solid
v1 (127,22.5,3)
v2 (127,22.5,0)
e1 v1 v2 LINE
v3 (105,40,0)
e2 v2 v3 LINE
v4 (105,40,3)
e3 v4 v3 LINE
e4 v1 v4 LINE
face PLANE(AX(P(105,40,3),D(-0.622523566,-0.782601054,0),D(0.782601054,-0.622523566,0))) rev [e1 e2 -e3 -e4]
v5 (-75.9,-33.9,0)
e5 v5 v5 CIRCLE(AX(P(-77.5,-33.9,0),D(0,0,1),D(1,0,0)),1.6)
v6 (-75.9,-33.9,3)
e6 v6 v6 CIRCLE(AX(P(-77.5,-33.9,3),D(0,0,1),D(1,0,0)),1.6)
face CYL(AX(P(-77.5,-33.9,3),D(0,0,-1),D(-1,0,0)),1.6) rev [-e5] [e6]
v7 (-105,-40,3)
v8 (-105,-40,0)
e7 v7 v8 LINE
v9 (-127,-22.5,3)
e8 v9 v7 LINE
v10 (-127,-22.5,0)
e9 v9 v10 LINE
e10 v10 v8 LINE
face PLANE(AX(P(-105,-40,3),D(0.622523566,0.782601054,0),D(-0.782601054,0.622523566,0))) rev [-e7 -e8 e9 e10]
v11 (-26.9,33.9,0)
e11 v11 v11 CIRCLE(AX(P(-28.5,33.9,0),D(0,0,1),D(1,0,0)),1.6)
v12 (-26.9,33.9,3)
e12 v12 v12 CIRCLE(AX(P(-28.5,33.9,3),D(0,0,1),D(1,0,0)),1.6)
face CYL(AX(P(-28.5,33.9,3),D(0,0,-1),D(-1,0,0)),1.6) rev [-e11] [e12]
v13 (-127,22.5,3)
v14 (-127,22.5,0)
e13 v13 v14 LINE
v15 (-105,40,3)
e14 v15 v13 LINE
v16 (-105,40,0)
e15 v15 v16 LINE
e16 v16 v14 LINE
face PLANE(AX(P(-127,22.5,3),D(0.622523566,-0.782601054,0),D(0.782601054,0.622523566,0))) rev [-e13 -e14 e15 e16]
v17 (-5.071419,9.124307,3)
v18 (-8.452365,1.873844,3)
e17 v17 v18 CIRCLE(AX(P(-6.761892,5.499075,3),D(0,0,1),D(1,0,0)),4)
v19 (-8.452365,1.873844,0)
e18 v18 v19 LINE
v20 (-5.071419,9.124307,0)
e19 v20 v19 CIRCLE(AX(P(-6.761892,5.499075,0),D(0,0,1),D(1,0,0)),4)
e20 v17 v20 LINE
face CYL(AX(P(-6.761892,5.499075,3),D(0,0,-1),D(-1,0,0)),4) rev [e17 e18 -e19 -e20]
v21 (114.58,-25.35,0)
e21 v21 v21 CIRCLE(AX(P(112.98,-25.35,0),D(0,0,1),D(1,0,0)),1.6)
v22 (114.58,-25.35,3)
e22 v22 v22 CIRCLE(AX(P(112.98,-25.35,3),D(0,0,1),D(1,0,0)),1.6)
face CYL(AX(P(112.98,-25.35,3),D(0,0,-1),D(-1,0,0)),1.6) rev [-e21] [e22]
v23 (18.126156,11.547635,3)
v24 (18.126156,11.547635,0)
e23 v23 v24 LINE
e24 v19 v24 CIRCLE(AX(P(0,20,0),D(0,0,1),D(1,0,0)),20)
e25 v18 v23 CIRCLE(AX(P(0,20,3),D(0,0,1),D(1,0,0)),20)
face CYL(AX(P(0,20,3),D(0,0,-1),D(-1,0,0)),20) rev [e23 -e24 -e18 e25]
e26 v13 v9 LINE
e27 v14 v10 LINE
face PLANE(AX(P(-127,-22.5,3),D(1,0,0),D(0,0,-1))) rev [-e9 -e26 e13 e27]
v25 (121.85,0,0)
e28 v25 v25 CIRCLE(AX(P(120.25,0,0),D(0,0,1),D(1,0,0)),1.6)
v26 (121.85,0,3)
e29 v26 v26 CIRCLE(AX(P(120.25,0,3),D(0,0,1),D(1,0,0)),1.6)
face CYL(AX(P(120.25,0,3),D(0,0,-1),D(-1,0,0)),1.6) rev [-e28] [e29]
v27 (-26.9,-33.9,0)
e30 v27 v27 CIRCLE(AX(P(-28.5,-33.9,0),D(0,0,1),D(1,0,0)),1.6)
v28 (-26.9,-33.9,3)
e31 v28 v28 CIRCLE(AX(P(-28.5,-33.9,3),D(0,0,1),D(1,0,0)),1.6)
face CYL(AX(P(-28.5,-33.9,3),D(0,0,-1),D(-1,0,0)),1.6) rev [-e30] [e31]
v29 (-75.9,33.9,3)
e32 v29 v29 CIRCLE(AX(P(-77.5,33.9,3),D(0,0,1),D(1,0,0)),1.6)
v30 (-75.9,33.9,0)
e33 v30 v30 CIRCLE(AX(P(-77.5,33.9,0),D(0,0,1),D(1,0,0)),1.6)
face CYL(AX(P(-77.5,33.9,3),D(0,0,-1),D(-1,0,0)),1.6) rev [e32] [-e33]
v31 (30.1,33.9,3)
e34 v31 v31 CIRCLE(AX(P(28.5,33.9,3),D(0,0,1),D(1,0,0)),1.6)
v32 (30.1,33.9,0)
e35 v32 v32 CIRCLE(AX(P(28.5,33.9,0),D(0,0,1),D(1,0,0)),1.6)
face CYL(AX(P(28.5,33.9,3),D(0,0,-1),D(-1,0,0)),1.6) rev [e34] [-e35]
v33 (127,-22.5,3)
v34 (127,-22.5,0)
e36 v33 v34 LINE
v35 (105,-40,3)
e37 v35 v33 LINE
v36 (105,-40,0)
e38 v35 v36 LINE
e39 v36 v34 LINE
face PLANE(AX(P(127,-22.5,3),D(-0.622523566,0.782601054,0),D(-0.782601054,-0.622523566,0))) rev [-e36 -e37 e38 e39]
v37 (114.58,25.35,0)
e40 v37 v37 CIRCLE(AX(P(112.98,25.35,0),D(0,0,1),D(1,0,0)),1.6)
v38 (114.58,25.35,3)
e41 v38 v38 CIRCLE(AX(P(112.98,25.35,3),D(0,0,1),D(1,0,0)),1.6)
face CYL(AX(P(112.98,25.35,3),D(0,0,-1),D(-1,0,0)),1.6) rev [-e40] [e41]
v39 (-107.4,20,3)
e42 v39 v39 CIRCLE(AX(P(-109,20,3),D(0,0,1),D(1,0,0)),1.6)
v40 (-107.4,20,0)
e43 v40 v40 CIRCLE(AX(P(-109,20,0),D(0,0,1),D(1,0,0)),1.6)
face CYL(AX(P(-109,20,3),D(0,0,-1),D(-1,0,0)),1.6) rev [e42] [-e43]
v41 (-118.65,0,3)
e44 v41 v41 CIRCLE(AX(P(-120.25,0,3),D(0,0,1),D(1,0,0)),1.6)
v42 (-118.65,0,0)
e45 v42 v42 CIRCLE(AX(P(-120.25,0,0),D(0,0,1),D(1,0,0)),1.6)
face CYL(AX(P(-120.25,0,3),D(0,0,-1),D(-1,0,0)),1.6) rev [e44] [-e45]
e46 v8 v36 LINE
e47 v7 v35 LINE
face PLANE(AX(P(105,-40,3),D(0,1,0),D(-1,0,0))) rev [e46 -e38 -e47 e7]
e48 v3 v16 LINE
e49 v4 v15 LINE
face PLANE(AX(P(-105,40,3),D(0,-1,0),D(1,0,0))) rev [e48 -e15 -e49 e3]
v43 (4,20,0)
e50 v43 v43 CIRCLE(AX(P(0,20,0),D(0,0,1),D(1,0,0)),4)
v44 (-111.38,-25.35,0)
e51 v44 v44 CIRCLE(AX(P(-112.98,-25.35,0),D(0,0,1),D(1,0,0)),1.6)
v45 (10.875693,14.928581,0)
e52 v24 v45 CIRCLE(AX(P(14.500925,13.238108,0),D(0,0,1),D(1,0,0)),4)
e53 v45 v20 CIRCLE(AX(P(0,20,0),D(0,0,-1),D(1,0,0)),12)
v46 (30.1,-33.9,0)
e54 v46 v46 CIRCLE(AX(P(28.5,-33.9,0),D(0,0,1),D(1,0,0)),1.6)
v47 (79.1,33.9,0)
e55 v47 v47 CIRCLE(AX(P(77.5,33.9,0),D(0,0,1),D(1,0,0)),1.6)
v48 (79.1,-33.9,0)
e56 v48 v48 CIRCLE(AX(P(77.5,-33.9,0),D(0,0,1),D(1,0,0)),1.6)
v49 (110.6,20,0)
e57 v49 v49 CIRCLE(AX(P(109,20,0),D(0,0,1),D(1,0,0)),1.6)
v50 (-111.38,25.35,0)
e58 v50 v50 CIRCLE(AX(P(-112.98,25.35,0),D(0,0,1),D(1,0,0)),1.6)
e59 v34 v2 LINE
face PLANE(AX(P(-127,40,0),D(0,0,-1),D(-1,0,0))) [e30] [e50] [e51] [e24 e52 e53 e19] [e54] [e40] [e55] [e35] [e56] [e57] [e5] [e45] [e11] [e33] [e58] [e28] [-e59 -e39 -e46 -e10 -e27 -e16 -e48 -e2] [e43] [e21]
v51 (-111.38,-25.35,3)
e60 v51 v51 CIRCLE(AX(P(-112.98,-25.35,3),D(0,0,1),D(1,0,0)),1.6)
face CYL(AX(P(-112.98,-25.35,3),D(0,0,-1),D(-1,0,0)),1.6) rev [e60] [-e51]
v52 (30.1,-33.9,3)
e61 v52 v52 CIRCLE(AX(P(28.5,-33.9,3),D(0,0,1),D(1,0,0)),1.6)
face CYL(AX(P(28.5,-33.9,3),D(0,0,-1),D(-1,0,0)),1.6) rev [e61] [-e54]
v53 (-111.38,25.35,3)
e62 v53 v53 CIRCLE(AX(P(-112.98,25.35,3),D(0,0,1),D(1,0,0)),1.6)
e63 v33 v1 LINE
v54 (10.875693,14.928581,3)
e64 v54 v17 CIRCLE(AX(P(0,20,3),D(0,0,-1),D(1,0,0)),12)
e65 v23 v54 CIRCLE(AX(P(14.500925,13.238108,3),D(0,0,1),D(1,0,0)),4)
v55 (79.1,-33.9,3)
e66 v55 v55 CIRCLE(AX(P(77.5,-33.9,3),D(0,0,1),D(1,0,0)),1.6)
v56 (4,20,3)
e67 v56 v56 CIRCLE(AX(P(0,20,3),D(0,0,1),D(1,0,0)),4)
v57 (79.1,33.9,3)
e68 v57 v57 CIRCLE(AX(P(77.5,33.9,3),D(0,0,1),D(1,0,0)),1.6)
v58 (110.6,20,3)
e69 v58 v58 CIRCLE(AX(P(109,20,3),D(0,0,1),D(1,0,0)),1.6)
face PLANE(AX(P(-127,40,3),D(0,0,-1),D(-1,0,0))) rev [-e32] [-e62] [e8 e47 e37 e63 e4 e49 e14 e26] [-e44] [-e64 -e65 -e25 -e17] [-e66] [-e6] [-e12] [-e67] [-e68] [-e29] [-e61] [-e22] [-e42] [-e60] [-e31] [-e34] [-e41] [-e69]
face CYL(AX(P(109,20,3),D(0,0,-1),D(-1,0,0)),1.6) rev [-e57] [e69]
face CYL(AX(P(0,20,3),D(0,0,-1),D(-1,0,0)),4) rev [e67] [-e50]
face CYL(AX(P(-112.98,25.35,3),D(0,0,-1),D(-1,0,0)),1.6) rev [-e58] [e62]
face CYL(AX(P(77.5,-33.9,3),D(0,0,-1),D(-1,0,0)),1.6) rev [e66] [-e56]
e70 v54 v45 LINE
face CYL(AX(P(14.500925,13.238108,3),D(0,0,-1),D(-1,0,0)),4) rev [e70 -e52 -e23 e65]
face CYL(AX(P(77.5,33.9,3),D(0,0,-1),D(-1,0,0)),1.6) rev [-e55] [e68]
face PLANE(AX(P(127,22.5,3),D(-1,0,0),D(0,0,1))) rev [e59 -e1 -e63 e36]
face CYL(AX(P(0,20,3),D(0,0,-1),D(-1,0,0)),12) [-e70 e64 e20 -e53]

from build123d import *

# Parameters (mm, degrees)
CROQUIS1_R              = 4
CROQUIS1_R_2            = 1.6
SALIENTE_EXTRUIR1_DEPTH = 3


with BuildPart() as part:
    # Croquis1 → Saliente-Extruir1 (new body)
    with BuildSketch(Plane.XY):
        Polygon((-127, 22.5), (-105, 40), (105, 40), (127, 22.5), (127, -22.5), (105, -40), (-105, -40), (-127, -22.5), align=None)
        with Locations((0, 20)):
            Circle(CROQUIS1_R, mode=Mode.SUBTRACT)
        with Locations((112.98, 25.35)):
            Circle(CROQUIS1_R_2, mode=Mode.SUBTRACT)
        with Locations((120.25, 0)):
            Circle(CROQUIS1_R_2, mode=Mode.SUBTRACT)
        with Locations((112.98, -25.35)):
            Circle(CROQUIS1_R_2, mode=Mode.SUBTRACT)
        with Locations((77.5, -33.9)):
            Circle(CROQUIS1_R_2, mode=Mode.SUBTRACT)
        with Locations((28.5, -33.9)):
            Circle(CROQUIS1_R_2, mode=Mode.SUBTRACT)
        with Locations((-28.5, -33.9)):
            Circle(CROQUIS1_R_2, mode=Mode.SUBTRACT)
        with Locations((-77.5, -33.9)):
            Circle(CROQUIS1_R_2, mode=Mode.SUBTRACT)
        with Locations((-112.98, -25.35)):
            Circle(CROQUIS1_R_2, mode=Mode.SUBTRACT)
        with Locations((-120.25, 0)):
            Circle(CROQUIS1_R_2, mode=Mode.SUBTRACT)
        with Locations((-112.98, 25.35)):
            Circle(CROQUIS1_R_2, mode=Mode.SUBTRACT)
        with Locations((-77.5, 33.9)):
            Circle(CROQUIS1_R_2, mode=Mode.SUBTRACT)
        with Locations((-28.5, 33.9)):
            Circle(CROQUIS1_R_2, mode=Mode.SUBTRACT)
        with Locations((28.5, 33.9)):
            Circle(CROQUIS1_R_2, mode=Mode.SUBTRACT)
        with Locations((77.5, 33.9)):
            Circle(CROQUIS1_R_2, mode=Mode.SUBTRACT)
        with Locations((-109, 20)):
            Circle(CROQUIS1_R_2, mode=Mode.SUBTRACT)
        with Locations((109, 20)):
            Circle(CROQUIS1_R_2, mode=Mode.SUBTRACT)
        with BuildLine():
            ThreePointArc((-8.452365235, 1.873844259), (6.840402867, 1.206147584), (18.126155741, 11.547634765))
            ThreePointArc((18.126155741, 11.547634765), (16.19139764, 16.86333896), (10.875693444, 14.928580859))
            ThreePointArc((10.875693444, 14.928580859), (4.10424172, 8.723688551), (-5.071419141, 9.124306556))
            ThreePointArc((-5.071419141, 9.124306556), (-10.387123336, 7.189548454), (-8.452365235, 1.873844259))
        make_face(mode=Mode.SUBTRACT)
    extrude(amount=SALIENTE_EXTRUIR1_DEPTH)


solid = part.part
